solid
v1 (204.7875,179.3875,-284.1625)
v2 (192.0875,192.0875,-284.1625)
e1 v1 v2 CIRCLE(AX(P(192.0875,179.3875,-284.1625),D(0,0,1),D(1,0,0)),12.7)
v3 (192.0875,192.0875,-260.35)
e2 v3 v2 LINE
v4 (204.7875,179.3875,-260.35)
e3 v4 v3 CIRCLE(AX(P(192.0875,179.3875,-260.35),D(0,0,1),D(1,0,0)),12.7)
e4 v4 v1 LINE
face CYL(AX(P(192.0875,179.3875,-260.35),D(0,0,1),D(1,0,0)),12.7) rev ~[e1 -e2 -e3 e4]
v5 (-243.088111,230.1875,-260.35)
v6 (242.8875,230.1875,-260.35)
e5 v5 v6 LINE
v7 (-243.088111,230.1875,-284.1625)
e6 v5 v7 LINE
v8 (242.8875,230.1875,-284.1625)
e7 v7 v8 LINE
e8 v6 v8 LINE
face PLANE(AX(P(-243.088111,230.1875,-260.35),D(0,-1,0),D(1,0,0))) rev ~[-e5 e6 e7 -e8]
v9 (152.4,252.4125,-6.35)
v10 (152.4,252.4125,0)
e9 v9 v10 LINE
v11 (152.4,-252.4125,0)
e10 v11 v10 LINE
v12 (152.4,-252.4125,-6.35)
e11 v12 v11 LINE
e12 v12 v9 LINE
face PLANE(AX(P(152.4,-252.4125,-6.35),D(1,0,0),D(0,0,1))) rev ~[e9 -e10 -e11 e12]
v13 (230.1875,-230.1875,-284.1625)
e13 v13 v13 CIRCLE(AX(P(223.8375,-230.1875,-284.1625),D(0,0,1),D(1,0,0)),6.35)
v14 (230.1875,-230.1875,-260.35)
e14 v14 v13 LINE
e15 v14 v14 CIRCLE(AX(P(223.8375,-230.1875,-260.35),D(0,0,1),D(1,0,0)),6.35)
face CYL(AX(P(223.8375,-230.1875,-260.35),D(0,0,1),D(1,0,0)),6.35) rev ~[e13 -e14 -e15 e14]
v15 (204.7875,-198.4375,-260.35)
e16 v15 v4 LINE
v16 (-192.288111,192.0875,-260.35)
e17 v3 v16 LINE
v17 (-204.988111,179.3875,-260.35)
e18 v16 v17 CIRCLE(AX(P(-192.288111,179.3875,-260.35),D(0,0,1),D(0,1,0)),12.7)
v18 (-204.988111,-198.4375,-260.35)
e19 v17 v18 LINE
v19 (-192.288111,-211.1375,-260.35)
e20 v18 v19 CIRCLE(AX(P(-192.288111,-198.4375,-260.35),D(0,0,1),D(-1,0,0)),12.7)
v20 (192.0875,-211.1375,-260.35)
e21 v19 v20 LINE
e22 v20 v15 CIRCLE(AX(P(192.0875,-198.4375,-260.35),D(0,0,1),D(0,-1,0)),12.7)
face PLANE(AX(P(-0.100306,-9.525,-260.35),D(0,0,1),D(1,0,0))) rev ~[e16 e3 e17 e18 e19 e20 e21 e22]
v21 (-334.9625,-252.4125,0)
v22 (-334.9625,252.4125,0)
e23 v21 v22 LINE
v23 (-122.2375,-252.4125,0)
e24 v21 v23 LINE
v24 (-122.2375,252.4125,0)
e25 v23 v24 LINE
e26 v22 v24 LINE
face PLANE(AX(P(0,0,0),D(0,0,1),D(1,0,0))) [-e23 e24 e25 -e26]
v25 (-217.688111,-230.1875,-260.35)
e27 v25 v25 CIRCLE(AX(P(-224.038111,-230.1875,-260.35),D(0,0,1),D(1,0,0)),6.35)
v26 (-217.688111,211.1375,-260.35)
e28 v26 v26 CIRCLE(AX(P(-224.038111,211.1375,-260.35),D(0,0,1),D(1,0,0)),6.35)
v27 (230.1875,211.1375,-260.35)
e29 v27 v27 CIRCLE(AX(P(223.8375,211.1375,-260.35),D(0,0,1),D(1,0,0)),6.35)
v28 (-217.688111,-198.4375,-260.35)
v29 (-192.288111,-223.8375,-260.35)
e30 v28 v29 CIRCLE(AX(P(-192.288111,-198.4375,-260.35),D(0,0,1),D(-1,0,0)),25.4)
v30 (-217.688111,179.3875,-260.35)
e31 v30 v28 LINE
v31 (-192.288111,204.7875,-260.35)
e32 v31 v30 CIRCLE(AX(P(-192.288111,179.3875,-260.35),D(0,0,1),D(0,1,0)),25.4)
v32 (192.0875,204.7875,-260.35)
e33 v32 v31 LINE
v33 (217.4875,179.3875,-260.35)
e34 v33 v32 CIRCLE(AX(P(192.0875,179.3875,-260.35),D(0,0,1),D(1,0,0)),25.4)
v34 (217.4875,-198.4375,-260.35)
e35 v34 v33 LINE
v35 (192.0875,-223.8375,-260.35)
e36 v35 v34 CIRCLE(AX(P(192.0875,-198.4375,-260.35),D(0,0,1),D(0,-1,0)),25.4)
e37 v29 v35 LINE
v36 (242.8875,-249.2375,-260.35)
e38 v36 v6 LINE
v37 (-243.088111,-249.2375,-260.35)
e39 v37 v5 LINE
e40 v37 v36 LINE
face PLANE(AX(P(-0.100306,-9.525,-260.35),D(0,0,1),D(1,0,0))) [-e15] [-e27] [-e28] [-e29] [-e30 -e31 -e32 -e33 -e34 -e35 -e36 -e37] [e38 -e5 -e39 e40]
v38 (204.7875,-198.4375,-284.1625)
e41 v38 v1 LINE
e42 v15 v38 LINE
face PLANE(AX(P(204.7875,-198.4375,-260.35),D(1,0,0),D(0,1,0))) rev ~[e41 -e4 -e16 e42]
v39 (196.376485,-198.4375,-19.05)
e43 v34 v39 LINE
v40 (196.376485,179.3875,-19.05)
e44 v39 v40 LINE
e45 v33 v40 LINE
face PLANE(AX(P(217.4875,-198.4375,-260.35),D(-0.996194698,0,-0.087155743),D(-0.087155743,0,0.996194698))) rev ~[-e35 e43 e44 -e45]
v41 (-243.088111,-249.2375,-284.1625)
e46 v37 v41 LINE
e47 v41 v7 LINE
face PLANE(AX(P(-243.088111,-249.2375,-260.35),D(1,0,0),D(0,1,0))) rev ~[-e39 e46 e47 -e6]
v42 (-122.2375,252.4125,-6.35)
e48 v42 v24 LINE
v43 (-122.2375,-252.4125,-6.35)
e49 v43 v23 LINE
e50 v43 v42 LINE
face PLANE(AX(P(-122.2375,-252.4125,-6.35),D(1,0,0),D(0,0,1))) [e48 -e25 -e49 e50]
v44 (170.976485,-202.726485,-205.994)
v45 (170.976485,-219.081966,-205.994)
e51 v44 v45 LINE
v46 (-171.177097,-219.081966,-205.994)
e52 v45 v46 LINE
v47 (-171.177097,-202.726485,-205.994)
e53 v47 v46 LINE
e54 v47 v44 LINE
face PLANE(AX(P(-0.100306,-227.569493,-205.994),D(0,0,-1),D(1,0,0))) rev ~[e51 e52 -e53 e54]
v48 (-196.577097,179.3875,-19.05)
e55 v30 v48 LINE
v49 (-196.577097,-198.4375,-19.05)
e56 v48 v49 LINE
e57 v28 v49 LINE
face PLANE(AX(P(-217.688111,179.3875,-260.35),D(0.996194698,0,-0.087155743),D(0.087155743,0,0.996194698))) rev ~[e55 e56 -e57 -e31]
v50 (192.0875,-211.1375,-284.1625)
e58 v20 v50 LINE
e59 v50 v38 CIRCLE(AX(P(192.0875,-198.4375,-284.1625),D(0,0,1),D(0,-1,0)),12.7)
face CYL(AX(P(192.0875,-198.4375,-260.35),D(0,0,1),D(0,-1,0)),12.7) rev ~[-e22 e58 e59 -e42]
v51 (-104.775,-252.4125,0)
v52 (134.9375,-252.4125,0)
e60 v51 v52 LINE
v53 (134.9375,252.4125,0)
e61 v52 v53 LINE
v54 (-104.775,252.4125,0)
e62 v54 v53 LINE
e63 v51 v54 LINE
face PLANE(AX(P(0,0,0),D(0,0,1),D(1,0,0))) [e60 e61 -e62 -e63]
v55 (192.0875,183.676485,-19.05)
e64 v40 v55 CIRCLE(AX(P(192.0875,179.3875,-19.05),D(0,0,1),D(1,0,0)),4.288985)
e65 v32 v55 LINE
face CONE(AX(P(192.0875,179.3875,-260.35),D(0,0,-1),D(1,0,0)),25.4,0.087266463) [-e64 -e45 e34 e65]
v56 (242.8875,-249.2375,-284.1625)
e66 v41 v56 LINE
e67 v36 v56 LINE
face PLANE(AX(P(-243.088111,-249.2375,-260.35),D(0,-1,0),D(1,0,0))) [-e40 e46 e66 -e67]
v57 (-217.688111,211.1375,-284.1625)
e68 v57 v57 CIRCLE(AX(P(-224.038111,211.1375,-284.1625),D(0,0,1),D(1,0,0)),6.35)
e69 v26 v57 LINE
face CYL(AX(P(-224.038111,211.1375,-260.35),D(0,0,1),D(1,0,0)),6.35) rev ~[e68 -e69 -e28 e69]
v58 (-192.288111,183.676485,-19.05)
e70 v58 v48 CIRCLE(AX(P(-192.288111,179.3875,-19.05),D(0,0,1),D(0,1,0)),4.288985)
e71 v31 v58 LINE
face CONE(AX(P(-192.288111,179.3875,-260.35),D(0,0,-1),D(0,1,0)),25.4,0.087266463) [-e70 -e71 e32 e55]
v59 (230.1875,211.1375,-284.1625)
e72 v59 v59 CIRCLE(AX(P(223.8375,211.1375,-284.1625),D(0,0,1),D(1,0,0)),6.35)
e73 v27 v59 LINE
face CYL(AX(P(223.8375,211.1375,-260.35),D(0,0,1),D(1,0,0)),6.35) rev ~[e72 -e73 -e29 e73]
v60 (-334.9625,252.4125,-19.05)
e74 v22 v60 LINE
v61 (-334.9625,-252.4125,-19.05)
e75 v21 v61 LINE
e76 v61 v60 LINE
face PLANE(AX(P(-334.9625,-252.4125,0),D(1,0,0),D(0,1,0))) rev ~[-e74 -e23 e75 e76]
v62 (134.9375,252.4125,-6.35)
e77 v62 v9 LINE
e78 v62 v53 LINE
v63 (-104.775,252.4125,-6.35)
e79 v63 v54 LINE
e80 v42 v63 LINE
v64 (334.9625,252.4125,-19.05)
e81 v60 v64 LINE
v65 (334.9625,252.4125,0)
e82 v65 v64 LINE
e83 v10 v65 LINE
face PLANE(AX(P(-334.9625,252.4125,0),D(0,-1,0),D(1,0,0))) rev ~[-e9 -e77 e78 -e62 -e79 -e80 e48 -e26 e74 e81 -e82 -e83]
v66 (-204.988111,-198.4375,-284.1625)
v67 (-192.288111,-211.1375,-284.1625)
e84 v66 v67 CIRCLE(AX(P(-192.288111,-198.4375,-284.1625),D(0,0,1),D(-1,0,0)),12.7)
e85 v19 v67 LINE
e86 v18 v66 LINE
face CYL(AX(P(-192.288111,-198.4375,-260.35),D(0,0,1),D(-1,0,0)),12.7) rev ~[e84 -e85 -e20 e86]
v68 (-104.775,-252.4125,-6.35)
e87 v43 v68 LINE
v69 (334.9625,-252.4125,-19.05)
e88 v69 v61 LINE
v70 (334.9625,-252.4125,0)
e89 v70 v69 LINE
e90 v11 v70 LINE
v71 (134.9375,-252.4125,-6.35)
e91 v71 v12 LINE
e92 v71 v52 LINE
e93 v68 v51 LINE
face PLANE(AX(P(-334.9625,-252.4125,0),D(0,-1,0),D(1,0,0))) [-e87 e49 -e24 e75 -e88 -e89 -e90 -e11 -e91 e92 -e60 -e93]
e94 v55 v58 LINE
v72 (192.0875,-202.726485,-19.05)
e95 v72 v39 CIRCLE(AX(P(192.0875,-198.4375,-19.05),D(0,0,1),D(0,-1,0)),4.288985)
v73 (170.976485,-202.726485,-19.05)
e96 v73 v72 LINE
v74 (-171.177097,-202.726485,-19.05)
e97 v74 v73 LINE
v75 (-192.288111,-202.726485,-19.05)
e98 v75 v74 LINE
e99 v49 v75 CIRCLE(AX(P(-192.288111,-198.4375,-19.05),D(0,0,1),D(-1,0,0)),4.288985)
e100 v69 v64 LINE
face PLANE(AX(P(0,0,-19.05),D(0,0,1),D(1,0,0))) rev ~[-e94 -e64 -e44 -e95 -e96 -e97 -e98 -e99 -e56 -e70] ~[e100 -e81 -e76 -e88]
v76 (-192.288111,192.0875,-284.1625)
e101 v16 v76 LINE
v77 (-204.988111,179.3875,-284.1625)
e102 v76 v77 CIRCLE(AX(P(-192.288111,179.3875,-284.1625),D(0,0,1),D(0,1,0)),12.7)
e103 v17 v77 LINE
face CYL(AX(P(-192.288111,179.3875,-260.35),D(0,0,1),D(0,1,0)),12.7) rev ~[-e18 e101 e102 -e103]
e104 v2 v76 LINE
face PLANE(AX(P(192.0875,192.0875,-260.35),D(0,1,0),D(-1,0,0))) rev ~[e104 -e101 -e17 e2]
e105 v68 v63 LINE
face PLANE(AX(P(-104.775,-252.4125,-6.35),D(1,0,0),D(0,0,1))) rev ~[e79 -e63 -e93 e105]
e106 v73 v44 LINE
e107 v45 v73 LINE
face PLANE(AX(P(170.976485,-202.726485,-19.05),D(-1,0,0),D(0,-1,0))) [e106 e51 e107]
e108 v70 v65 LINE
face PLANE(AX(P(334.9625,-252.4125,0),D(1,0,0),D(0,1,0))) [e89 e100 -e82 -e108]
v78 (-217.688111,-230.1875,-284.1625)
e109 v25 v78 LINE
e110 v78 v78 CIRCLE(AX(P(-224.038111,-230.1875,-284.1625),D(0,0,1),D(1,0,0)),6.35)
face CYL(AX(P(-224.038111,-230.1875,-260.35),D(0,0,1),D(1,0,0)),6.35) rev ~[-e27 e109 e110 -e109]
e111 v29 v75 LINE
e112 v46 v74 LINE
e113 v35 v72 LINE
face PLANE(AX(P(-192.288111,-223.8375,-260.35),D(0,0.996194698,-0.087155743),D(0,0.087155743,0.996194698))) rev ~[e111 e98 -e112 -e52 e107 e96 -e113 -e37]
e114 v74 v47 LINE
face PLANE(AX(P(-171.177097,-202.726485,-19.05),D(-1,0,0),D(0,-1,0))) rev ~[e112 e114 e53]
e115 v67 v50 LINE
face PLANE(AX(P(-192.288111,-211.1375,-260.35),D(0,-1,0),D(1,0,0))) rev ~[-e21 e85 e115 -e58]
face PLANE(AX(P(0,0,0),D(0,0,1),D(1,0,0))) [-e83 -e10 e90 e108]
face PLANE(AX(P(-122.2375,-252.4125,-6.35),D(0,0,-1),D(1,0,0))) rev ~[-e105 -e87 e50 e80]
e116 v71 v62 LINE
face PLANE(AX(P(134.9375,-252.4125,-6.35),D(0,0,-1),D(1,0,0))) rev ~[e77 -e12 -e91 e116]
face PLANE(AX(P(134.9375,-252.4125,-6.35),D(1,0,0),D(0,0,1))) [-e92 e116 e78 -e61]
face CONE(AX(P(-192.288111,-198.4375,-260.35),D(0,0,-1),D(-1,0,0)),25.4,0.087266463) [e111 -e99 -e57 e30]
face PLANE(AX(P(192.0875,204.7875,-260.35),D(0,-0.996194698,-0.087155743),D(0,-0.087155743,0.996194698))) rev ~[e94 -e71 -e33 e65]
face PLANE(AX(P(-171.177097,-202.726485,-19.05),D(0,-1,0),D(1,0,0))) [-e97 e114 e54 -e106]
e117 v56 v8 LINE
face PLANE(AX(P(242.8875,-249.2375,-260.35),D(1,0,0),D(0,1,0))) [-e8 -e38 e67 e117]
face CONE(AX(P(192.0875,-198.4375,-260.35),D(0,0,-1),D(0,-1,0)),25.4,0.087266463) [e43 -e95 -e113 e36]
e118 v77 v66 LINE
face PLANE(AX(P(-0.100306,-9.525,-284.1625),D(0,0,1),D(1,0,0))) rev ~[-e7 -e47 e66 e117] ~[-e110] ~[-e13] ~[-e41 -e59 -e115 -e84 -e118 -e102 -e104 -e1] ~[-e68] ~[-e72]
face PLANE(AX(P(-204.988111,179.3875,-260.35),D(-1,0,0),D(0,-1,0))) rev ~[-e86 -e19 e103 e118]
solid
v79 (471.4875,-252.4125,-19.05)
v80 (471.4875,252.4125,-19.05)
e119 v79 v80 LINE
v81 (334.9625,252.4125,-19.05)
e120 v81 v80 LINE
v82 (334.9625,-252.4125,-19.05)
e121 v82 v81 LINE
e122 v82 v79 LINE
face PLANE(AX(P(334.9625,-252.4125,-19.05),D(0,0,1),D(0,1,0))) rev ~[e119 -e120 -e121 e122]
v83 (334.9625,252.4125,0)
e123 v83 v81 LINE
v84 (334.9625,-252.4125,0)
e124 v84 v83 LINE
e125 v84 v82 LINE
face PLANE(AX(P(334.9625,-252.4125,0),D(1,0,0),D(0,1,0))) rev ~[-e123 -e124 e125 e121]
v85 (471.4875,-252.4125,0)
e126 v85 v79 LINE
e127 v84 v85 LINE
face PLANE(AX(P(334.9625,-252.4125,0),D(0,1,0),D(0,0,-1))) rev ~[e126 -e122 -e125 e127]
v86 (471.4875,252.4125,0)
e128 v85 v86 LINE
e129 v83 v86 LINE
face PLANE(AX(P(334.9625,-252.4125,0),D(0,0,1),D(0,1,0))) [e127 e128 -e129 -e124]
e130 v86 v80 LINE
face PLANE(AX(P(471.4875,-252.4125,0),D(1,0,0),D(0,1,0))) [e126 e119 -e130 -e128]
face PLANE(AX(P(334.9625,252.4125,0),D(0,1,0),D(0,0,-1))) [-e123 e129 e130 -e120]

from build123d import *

# Parameters (mm, degrees)
F0_W      = 669.925
F0_H      = 504.825
F1_DEPTH  = 19.05
F2_DEPTH  = 136.525
F5_DEPTH  = 241.3
F5_TAPER  = 5
F7_DEPTH  = 23.8125
F4_W      = 485.9756112814
F4_H      = 479.425
F4_R      = 6.35
F8_DEPTH  = 23.8125
F9_W      = 342.1535822638
F9_H      = 49.6860145088
F10_DEPTH = 186.944
F11_W     = 17.4625
F11_H     = 6.35
F12_DEPTH = 504.825


with BuildPart() as f1:
    # F0 (on Top) → F1 (new body)
    with BuildSketch(Plane.XY):
        Rectangle(F0_W, F0_H)
    extrude(amount=-F1_DEPTH)


with BuildPart() as f2:
    # F2 (new): a face of the model
    f2_faces = [f1.part.faces().sort_by_distance(p)[0] for p in [
        (334.9625, 0, -9.525),
    ]]
    extrude(f2_faces, amount=F2_DEPTH)


with BuildPart() as f1_1:
    add(f1.part)

    # F4 (on offset) → F5 (join, through all)
    with BuildSketch(Plane.XY.offset(-260.35)):
        with BuildLine():
            ThreePointArc((-217.6881112814, -198.4375), (-210.2486235235, -216.3980122421), (-192.2881112814, -223.8375))
            Line((-192.2881112814, -223.8375), (192.0875, -223.8375))
            ThreePointArc((192.0875, -223.8375), (210.0480122421, -216.3980122421), (217.4875, -198.4375))
            Line((217.4875, -198.4375), (217.4875, 179.3875))
            ThreePointArc((217.4875, 179.3875), (210.0480122421, 197.3480122421), (192.0875, 204.7875))
            Line((192.0875, 204.7875), (-192.2881112814, 204.7875))
            ThreePointArc((-192.2881112814, 204.7875), (-210.2486235235, 197.3480122421), (-217.6881112814, 179.3875))
            Line((-217.6881112814, 179.3875), (-217.6881112814, -198.4375))
        make_face()
    extrude(amount=F5_DEPTH, taper=F5_TAPER)

    # F6 (on face) → F7 (join)
    with BuildSketch(Plane(origin=(0, 0, -260.35), x_dir=(1, 0, 0), z_dir=(0, 0, -1))):
        with BuildLine():
            Line((192.0875, 223.8375), (-192.2881112814, 223.8375))
            ThreePointArc((-192.2881112814, 223.8375), (-210.2486235235, 216.3980122421), (-217.6881112814, 198.4375))
            Line((-217.6881112814, 198.4375), (-217.6881112814, -179.3875))
            ThreePointArc((-217.6881112814, -179.3875), (-210.2486235235, -197.3480122421), (-192.2881112814, -204.7875))
            Line((-192.2881112814, -204.7875), (192.0875, -204.7875))
            ThreePointArc((192.0875, -204.7875), (210.0480122421, -197.3480122421), (217.4875, -179.3875))
            Line((217.4875, -179.3875), (217.4875, 198.4375))
            ThreePointArc((217.4875, 198.4375), (210.0480122421, 216.3980122421), (192.0875, 223.8375))
        make_face()
        with BuildLine():
            ThreePointArc((-192.2881112814, -192.0875), (-201.2683674025, -188.3677561211), (-204.9881112814, -179.3875))
            Line((-204.9881112814, -179.3875), (-204.9881112814, 198.4375))
            ThreePointArc((-204.9881112814, 198.4375), (-201.2683674025, 207.4177561211), (-192.2881112814, 211.1375))
            Line((-192.2881112814, 211.1375), (192.0875, 211.1375))
            ThreePointArc((192.0875, 211.1375), (201.0677561211, 207.4177561211), (204.7875, 198.4375))
            Line((204.7875, 198.4375), (204.7875, -179.3875))
            ThreePointArc((204.7875, -179.3875), (201.0677561211, -188.3677561211), (192.0875, -192.0875))
            Line((192.0875, -192.0875), (-192.2881112814, -192.0875))
        make_face(mode=Mode.SUBTRACT)
    extrude(amount=F7_DEPTH)

    # F4 (on offset) → F8 (join)
    with BuildSketch(Plane.XY.offset(-260.35)):
        with Locations((-0.1003056407, -9.525)):
            Rectangle(F4_W, F4_H)
        with Locations((-224.0381112814, -230.1875)):
            Circle(F4_R, mode=Mode.SUBTRACT)
        with BuildLine():
            Line((192.0875, -223.8375), (-192.2881112814, -223.8375))
            ThreePointArc((-192.2881112814, -223.8375), (-210.2486235235, -216.3980122421), (-217.6881112814, -198.4375))
            Line((-217.6881112814, -198.4375), (-217.6881112814, 179.3875))
            ThreePointArc((-217.6881112814, 179.3875), (-210.2486235235, 197.3480122421), (-192.2881112814, 204.7875))
            Line((-192.2881112814, 204.7875), (192.0875, 204.7875))
            ThreePointArc((192.0875, 204.7875), (210.0480122421, 197.3480122421), (217.4875, 179.3875))
            Line((217.4875, 179.3875), (217.4875, -198.4375))
            ThreePointArc((217.4875, -198.4375), (210.0480122421, -216.3980122421), (192.0875, -223.8375))
        make_face(mode=Mode.SUBTRACT)
        with Locations((223.8375, -230.1875)):
            Circle(F4_R, mode=Mode.SUBTRACT)
        with Locations((-224.0381112814, 211.1375)):
            Circle(F4_R, mode=Mode.SUBTRACT)
        with Locations((223.8375, 211.1375)):
            Circle(F4_R, mode=Mode.SUBTRACT)
    extrude(amount=-F8_DEPTH)

    # F9 (on face) → F10 (cut)
    with BuildSketch(Plane(origin=(0, 0, -19.05), x_dir=(1, 0, 0), z_dir=(0, 0, -1))):
        with Locations((-0.1003056407, 227.5694927456)):
            Rectangle(F9_W, F9_H)
    extrude(amount=F10_DEPTH, mode=Mode.SUBTRACT)

    # F11 (on face) → F12 (cut, through all)
    with BuildSketch(Plane.XZ.offset(252.4125)):
        with Locations((-113.50625, -3.175)):
            Rectangle(F11_W, F11_H)
        with Locations((143.66875, -3.175)):
            Rectangle(F11_W, F11_H)
    extrude(amount=-F12_DEPTH, mode=Mode.SUBTRACT)


solid = Compound([f2.part, f1_1.part])
